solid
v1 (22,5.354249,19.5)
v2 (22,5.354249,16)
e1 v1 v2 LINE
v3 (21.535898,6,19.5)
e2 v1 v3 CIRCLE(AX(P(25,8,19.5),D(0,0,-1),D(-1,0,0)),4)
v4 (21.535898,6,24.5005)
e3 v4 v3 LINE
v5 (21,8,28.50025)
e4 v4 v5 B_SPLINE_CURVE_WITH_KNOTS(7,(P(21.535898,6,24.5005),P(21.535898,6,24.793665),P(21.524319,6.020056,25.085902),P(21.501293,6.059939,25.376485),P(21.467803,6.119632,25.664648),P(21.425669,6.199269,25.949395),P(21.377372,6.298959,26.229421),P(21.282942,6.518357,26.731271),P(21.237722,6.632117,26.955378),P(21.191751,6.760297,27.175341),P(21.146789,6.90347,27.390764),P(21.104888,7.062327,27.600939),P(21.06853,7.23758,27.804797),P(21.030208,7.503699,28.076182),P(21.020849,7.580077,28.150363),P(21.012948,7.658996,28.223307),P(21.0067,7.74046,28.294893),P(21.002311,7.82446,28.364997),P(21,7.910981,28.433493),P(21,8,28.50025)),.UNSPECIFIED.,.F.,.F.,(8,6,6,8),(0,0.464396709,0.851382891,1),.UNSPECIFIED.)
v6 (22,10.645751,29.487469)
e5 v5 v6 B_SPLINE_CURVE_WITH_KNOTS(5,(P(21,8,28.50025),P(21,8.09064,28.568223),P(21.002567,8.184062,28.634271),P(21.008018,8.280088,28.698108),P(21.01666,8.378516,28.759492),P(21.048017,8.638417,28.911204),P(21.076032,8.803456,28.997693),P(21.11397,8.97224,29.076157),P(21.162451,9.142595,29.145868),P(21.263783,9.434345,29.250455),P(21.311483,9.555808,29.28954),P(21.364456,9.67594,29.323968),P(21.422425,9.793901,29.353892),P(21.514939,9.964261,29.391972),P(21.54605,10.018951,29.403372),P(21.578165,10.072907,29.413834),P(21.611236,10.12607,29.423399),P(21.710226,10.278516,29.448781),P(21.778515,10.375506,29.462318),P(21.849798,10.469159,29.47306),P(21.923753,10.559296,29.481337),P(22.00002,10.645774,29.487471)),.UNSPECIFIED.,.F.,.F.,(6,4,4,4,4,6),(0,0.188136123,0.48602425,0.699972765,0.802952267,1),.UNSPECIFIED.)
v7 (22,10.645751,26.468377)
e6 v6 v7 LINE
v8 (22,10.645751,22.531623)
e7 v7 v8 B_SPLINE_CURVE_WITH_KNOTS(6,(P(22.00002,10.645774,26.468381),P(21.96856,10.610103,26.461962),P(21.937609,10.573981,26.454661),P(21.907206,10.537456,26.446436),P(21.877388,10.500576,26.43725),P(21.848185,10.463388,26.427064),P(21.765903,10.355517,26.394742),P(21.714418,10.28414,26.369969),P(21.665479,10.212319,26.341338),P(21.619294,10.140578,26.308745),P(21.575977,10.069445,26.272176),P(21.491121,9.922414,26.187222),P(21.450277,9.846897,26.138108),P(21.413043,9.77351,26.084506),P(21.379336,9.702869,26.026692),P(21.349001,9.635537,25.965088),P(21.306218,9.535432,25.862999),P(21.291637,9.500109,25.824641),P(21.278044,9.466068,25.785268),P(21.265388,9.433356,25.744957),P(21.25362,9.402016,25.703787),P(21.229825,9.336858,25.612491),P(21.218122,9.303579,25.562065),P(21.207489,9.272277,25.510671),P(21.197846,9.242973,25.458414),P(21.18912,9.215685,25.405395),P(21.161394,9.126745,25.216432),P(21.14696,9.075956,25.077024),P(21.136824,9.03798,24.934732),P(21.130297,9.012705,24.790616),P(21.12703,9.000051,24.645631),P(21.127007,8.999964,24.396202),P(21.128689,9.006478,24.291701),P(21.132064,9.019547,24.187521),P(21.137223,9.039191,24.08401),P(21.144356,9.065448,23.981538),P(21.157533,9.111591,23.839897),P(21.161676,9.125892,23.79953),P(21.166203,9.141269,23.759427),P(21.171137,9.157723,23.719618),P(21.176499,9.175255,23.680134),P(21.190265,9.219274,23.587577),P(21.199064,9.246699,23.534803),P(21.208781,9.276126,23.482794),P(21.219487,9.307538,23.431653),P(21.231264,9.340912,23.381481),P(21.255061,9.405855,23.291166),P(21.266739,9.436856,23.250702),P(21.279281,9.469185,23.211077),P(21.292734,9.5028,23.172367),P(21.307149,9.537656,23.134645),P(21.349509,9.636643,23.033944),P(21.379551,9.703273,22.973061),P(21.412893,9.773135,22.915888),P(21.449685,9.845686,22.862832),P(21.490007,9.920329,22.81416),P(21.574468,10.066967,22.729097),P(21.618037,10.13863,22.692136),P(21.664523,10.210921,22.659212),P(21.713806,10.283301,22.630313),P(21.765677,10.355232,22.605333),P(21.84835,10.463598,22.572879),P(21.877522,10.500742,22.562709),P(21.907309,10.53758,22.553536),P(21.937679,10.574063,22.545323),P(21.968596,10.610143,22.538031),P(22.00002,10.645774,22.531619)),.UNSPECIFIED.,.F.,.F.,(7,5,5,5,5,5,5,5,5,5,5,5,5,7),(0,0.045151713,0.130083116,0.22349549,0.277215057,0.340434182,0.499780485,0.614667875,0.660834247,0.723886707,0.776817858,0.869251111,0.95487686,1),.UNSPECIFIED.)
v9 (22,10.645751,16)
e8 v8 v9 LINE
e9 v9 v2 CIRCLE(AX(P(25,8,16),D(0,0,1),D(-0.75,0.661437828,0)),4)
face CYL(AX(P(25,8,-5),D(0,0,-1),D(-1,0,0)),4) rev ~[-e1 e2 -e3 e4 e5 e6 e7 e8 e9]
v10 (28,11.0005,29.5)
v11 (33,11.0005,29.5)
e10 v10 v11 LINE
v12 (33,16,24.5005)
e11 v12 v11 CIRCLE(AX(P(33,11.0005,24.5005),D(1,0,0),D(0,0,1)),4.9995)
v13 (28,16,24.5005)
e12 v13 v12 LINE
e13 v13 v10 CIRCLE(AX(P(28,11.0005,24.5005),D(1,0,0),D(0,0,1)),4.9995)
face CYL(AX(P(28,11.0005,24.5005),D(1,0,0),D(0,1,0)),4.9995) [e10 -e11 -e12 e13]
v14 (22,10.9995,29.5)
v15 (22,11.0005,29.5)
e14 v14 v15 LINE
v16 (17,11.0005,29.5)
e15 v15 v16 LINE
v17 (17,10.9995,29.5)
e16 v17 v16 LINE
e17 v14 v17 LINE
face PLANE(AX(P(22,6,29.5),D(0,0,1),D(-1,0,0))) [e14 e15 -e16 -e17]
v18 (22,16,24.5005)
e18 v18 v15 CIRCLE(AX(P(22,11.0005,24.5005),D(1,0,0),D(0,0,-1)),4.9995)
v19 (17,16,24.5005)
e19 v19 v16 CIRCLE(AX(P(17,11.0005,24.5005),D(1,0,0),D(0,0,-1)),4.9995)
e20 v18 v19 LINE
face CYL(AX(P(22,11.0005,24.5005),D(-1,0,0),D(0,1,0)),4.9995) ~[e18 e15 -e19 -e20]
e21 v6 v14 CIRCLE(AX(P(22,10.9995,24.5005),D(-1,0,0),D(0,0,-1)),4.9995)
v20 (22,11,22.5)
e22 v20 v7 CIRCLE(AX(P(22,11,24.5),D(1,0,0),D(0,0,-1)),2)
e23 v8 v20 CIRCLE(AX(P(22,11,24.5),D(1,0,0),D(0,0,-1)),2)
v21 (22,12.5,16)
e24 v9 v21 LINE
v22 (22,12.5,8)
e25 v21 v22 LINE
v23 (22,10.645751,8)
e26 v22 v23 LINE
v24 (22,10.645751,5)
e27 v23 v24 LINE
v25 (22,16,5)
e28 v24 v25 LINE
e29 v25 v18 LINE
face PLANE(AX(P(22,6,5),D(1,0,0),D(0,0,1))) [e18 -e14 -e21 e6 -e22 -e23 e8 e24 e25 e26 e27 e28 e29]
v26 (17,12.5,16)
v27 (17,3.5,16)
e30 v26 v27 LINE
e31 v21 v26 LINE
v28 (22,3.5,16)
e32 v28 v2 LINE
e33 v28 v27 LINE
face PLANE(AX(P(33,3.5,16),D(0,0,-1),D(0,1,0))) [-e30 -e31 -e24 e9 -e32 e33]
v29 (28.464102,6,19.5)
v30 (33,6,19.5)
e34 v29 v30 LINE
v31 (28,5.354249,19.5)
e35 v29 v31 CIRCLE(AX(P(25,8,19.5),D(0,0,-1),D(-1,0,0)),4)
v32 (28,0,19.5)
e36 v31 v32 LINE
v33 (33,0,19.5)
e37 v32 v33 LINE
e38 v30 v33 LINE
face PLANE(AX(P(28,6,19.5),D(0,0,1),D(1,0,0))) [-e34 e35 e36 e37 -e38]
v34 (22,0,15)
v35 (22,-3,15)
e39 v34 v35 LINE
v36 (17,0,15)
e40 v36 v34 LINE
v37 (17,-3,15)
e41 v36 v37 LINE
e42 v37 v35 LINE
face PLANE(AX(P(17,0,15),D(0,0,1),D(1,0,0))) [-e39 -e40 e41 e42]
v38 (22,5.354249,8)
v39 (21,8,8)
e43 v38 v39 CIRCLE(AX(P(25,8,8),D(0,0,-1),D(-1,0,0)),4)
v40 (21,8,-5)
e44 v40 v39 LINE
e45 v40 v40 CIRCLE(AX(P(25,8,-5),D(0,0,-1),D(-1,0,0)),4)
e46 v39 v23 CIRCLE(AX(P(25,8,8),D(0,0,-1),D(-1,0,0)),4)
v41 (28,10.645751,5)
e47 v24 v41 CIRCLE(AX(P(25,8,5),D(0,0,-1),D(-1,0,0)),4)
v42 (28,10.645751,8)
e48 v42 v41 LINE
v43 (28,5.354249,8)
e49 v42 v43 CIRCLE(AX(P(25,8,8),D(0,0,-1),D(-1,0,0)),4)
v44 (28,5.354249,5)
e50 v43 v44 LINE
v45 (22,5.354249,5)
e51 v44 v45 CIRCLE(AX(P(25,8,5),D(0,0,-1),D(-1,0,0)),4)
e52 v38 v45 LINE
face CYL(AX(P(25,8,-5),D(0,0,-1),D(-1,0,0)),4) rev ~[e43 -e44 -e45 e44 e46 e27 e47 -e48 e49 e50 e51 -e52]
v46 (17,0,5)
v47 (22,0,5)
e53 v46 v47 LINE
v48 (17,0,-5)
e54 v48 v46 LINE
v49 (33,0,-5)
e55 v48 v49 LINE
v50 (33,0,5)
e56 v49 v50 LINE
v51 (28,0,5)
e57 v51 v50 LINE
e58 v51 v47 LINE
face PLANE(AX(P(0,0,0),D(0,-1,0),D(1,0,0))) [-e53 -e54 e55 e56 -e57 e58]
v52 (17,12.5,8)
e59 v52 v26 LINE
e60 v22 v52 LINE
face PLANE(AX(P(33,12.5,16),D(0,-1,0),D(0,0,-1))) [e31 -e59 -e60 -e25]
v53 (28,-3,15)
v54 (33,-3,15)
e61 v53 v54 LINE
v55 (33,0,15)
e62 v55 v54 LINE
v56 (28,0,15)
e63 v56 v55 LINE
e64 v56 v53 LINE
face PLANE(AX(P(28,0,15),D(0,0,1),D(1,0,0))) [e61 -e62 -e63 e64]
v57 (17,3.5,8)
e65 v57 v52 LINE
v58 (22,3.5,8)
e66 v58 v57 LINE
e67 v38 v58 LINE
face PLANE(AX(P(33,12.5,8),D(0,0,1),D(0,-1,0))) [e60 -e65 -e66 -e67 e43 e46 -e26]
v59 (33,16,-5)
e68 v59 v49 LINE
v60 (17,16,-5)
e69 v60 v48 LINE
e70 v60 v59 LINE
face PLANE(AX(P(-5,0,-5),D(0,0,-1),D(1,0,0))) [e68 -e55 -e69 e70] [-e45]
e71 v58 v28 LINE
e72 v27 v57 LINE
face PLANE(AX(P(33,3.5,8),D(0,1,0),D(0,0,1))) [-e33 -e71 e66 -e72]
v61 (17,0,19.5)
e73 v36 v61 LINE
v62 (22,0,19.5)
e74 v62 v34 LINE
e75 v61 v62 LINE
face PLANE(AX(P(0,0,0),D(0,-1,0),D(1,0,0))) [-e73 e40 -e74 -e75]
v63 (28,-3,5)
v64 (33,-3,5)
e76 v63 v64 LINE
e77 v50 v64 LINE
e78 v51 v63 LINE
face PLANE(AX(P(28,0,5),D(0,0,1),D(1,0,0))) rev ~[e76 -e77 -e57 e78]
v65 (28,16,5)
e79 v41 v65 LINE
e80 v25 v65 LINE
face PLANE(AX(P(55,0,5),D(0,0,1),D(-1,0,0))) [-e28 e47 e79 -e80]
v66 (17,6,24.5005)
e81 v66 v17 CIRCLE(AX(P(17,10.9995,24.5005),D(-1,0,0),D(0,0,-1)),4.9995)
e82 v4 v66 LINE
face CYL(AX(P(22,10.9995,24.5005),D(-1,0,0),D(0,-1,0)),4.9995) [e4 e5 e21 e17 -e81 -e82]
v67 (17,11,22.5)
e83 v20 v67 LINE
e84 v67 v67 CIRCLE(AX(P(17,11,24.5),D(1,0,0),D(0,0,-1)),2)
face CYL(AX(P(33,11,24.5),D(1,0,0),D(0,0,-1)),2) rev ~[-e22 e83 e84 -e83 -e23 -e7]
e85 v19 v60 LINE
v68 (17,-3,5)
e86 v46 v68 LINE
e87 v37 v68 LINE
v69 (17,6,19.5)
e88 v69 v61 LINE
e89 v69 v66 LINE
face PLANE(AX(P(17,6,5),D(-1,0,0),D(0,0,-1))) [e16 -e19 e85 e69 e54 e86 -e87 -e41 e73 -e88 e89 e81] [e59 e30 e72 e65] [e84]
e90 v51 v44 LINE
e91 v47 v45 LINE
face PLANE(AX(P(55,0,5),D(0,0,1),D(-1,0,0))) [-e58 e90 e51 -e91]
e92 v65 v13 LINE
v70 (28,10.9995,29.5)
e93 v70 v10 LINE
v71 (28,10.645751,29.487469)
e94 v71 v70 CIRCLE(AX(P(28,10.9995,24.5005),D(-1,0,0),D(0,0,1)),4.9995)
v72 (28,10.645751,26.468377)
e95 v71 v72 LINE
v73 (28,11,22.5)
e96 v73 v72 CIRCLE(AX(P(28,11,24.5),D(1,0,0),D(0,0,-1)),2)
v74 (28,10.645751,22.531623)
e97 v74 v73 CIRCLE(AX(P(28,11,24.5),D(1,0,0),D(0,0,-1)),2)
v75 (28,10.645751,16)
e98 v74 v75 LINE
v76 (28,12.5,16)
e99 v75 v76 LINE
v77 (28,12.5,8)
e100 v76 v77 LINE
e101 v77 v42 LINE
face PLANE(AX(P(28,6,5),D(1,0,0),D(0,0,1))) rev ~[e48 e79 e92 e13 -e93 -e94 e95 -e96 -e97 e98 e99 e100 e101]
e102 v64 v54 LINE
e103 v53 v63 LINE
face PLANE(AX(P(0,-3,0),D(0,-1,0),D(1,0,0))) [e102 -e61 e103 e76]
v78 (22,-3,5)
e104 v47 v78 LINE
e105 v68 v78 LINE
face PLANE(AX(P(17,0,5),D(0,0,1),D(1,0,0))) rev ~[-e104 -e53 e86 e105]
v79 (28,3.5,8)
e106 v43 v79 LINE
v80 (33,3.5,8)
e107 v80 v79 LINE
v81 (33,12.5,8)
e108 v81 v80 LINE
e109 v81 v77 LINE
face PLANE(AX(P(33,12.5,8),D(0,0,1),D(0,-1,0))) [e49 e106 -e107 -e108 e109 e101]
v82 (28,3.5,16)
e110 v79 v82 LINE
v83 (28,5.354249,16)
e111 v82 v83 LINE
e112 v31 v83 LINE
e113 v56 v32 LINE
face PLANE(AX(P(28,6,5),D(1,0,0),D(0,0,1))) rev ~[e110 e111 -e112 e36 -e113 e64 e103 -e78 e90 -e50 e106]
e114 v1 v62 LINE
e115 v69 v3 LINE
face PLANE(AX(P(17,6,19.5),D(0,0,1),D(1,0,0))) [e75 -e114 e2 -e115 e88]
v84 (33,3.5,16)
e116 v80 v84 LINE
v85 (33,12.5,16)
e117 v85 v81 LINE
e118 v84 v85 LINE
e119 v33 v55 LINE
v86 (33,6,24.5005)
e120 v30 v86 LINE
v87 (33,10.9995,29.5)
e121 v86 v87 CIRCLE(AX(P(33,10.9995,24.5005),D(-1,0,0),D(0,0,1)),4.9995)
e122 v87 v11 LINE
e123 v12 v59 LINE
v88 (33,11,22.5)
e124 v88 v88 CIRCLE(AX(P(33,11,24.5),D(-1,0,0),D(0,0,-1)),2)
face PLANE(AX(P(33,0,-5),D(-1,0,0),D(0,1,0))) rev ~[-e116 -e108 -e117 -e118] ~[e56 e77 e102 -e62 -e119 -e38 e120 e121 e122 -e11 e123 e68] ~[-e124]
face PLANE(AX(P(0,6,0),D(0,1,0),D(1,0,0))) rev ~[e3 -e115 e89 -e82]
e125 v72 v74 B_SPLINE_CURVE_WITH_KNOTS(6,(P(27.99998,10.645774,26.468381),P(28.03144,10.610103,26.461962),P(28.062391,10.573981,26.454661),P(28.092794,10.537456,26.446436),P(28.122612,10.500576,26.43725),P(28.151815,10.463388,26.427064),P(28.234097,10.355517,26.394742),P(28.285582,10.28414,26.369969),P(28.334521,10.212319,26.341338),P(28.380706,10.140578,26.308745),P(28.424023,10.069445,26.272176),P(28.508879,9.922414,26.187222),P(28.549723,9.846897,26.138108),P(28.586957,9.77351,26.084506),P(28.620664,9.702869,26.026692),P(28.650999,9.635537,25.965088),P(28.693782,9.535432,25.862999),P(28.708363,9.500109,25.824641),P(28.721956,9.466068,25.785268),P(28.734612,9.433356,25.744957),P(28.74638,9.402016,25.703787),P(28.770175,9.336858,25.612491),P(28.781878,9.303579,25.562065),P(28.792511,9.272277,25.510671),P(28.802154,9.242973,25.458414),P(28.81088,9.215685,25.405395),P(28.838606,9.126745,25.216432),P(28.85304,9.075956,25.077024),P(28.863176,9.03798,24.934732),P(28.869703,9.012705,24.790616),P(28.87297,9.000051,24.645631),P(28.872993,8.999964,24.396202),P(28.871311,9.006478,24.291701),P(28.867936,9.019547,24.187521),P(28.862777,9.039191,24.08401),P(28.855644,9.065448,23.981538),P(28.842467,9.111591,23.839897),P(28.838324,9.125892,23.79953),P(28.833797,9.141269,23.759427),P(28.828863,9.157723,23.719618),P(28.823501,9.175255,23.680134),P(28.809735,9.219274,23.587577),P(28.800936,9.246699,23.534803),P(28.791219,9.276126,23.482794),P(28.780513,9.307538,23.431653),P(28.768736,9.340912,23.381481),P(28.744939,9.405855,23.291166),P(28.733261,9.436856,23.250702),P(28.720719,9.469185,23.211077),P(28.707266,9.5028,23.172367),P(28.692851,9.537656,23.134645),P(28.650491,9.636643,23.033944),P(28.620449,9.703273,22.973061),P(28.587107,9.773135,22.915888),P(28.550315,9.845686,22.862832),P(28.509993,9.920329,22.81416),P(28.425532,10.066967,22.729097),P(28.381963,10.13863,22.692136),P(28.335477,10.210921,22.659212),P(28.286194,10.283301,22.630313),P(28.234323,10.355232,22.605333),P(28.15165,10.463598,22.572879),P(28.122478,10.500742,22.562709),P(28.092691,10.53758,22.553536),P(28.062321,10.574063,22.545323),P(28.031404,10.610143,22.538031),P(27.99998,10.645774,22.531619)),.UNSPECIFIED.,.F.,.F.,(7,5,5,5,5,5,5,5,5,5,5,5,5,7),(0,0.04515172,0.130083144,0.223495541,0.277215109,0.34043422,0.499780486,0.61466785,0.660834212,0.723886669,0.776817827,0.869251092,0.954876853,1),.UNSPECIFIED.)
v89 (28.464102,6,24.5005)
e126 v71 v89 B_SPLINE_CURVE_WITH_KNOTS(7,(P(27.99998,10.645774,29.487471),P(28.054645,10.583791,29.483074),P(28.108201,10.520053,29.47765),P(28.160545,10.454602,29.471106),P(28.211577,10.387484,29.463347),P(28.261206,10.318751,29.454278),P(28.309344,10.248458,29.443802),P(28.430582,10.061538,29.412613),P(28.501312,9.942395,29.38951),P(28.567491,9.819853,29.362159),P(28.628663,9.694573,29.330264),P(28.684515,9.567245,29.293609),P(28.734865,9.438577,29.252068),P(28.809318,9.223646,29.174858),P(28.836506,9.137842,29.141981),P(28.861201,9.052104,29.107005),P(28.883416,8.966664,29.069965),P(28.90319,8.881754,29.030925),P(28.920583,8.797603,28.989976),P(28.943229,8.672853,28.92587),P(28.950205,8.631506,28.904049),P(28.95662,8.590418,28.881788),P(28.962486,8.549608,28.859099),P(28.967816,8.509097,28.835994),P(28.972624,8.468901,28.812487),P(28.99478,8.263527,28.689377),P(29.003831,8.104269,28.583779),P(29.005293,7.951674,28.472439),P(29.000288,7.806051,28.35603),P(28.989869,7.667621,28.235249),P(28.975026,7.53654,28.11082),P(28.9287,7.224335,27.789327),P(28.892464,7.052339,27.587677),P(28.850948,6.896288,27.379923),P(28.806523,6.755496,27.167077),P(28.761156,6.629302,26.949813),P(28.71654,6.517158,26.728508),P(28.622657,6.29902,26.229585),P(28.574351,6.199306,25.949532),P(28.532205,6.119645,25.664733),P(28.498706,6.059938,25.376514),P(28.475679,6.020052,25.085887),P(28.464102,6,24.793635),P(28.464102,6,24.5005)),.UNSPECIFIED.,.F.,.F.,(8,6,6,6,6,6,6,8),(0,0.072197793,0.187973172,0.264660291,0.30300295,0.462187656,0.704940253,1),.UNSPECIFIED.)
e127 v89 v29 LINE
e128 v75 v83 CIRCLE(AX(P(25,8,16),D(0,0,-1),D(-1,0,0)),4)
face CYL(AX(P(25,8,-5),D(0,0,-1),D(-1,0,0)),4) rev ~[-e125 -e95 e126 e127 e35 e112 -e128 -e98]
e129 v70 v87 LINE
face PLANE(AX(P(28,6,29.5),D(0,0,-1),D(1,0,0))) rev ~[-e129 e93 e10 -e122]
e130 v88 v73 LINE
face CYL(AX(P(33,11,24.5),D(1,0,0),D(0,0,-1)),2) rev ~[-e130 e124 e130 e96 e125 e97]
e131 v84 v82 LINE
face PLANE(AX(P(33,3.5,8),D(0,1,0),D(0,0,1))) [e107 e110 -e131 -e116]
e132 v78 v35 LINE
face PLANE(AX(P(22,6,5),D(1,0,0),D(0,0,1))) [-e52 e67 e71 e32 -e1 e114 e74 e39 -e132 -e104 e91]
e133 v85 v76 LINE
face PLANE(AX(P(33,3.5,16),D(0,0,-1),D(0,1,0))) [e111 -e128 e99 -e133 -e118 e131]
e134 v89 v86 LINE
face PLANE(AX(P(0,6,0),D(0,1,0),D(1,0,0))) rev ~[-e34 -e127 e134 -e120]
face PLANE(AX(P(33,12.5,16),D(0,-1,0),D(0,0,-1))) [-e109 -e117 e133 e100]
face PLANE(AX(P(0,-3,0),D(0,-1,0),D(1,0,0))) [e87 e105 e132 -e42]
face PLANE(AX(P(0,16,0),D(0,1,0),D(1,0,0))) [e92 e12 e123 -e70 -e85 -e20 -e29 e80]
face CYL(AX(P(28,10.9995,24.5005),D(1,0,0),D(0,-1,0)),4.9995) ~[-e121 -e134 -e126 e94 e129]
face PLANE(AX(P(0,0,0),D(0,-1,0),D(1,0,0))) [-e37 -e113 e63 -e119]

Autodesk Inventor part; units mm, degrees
ref_plane "YZ Plane" through (0, 0, 0) normal (1, 0, 0) x (0, 1, 0)
ref_plane "XZ Plane" through (0, 0, 0) normal (0, 1, 0) x (-1, 0, 0)
ref_plane "XY Plane" through (0, 0, 0) normal (0, 0, 1) x (1, 0, 0)
sketch "草图1" plane through (0, 0, 0) normal (0, 1, 0) x (-1, 0, 0)
  circle A0 centre (0, 0) radius 1.5
  line L0 (0, 0) -> (-50, 0) construction
  circle A1 centre (-50, 0) radius 1.5
  line L1 (5, -5) -> (-55, -5)
  line L2 (-55, -5) -> (-55, 5)
  line L3 (-55, 5) -> (5, 5)
  line L4 (5, 5) -> (5, -5)
  line L5 (-25, 0) -> (-25, -6.3237) construction
  dimension "d0" = 3
  dimension "d1" = 50
  dimension "d2" = 3
  dimension "d3" = 10
  dimension "d4" = 60
extrude "拉伸1" add sketch "草图1" along normal blind 6
sketch "草图2" plane through (0, 6, 0) normal (0, 1, 0) x (1, 0, 0)
  line L0 (-5, -5) -> (55, -5) projected
  line L1 (55, -5) -> (55, 5) projected
  line L2 (55, 5) -> (-5, 5) projected
  line L3 (-5, 5) -> (-5, -5) projected
  circle A0 centre (50, 0) radius 1.5 projected
  circle A1 centre (0, 0) radius 1.5 projected
  line L4 (55, 5) -> (-5, 5) projected
  line L5 (-5, -5) -> (55, -5) projected
  line L6 (17, 5) -> (22, 5)
  line L7 (22, 5) -> (22, -5)
  line L8 (22, -5) -> (17, -5)
  line L9 (17, -5) -> (17, 5)
  line L10 (28, 5) -> (33, 5)
  line L11 (33, 5) -> (33, -5)
  line L12 (33, -5) -> (28, -5)
  line L13 (28, -5) -> (28, 5)
  line L14 (25, -5) -> (25, 2.8466) construction
  line L15 (17, -5) -> (22, -5)
  line L16 (22, -5) -> (22, -29.5)
  line L17 (22, -29.5) -> (17, -29.5)
  line L18 (17, -29.5) -> (17, -5)
  line L19 (33, -5) -> (28, -5)
  line L20 (28, -5) -> (28, -29.5)
  line L21 (28, -29.5) -> (33, -29.5)
  line L22 (33, -29.5) -> (33, -5)
  point P0 (28, 5)
  point P1 (28, -5)
  point P2 (33, -5)
  point P3 (33, 5)
  point P4 (17, 5)
  point P5 (22, 5)
  point P6 (33, -5)
  dimension "d7" = 5
  dimension "d8" = 6
  dimension "d24" = 24.5
extrude "拉伸2" add sketch "草图2" along normal blind 10 contours L9 L2 L7 L0 | L0 L16 L17 L18 | L7 L2 L13 L0 | L13 L2 L11 L0 | L0 L22 L21 L20
chamfer "倒角1" distance 2 angle 45 2 edges at (1.5, 6, 0) (51.5, 6, 0)
sketch "草图4" plane through (33, 6, 29.5) normal (1, 0, 0) x (0, 0, -1)
  circle A0 centre (5, 5) radius 2
  line L0 (0, 0) -> (0, 10) projected
  line L1 (0, 5) -> (5, 5)
  point P0 (29.5, -6)
  dimension "d25" = 4
  dimension "d26" = 5
extrude "拉伸4" cut sketch "草图4" against normal through all
fillet "圆角7" radius 5 4 edges at (30.5, 16, 29.5) (19.5, 16, 29.5) (19.5, 6, 29.5) (30.5, 6, 29.5)
sketch "草图5" plane through (0, 6, 0) normal (0, -1, 0) x (1, 0, 0)
  line L0 (17, 24.5) -> (22, 24.5) projected
  line L1 (17, 5) -> (17, 24.5) projected
  line L2 (17, 5) -> (22, 5) projected
  line L3 (22, 24.5) -> (22, 5) projected
  line L4 (28, 24.5) -> (33, 24.5) projected
  line L5 (28, 5) -> (28, 24.5) projected
  line L6 (28, 5) -> (33, 5) projected
  line L7 (33, 24.5) -> (33, 5) projected
  line L8 (17, 19.5) -> (33, 19.5)
  line L9 (33, 24.5) -> (33, 5) projected
  line L10 (-5, 5) -> (55, 5) projected
  point P0 (0, 0)
  point P1 (22, 19.5)
  point P2 (28, 19.5)
  dimension "d30" = 14.5
extrude "拉伸5" add sketch "草图5" along normal blind 6 contours L8 L3 L2 L1 | L8 L7 L6 L5
sketch "草图6" plane through (0, 0, 0) normal (0, -1, 0) x (1, 0, 0)
  line L0 (-5, 5) -> (17, 5) projected
  line L1 (-5, -5) -> (-5, 5) projected
  line L2 (55, -5) -> (-5, -5) projected
  line L3 (55, 5) -> (55, -5) projected
  line L4 (33, 5) -> (55, 5) projected
  line L5 (33, 5) -> (33, 19.5) projected
  line L6 (33, 19.5) -> (28, 19.5) projected
  line L7 (28, 19.5) -> (28, 5) projected
  line L8 (22, 5) -> (28, 5) projected
  line L9 (22, 5) -> (22, 19.5) projected
  line L10 (22, 19.5) -> (17, 19.5) projected
  line L11 (17, 19.5) -> (17, 5) projected
  circle A0 centre (50, 0) radius 1.5 projected
  circle A1 centre (0, 0) radius 1.5 projected
  line L12 (17, 19.5) -> (17, 5) projected
  line L13 (17, 15) -> (33, 15)
  line L14 (33, 5) -> (33, 19.5) projected
  line L15 (17, 5) -> (33, 5)
  point P0 (28, 15)
  point P1 (22, 15)
  dimension "d34" = 10
extrude "拉伸6" add sketch "草图6" along normal blind 3 contours L11 L13 L9 L15 | L7 L13 L5 L15
ref_plane "工作平面1" through (33, 11, 24.5) normal (1, 0, 0) x (0, 0, -1)
sketch "草图7" plane through (33, 11, 24.5) normal (1, 0, 0) x (0, 0, -1)
  circle A0 centre (0, 0) radius 2 projected
  line L0 (8.5, 1.5) -> (16.5, 1.5)
  line L1 (16.5, 1.5) -> (16.5, -7.5)
  line L2 (16.5, -7.5) -> (8.5, -7.5)
  line L3 (8.5, -7.5) -> (8.5, 1.5)
  point P0 (24.5, -11)
  dimension "d43" = 8
  dimension "d44" = 9
extrude "拉伸7" cut sketch "草图7" against normal through all contours L0 L1 L2 L3
sketch "草图8" plane through (55, 0, -5) normal (0, 0, -1) x (-1, 0, 0)
  line L0 (0, 0) -> (60, 0) projected
  line L1 (60, 0) -> (60, 6) projected
  line L2 (38, 6) -> (60, 6) projected
  line L3 (38, 6) -> (38, 16) projected
  line L4 (22, 16) -> (38, 16) projected
  line L5 (22, 6) -> (22, 16) projected
  line L6 (0, 6) -> (22, 6) projected
  line L7 (0, 0) -> (0, 6) projected
  line L8 (22, 6) -> (22, 16) projected
  line L9 (38, 0) -> (38, -3) projected
  line L10 (22, 16) -> (38, 16)
  line L11 (38, 16) -> (38, 0)
  line L12 (38, 0) -> (22, 0)
  line L13 (22, 0) -> (22, 16)
  circle A0 centre (30, 8) radius 4
  line L14 (30, 8) -> (30, 0) construction
  line L15 (30, 8) -> (22, 8) construction
  line L16 (0, 0) -> (60, 0) projected
  point P0 (55, 0)
  dimension "d50" = 8
extrude "拉伸8" cut sketch "草图8" against normal through all contours L7 L6 L13 L0 | L11 L2 L1 L0 | A0
properties part number "合页01"
